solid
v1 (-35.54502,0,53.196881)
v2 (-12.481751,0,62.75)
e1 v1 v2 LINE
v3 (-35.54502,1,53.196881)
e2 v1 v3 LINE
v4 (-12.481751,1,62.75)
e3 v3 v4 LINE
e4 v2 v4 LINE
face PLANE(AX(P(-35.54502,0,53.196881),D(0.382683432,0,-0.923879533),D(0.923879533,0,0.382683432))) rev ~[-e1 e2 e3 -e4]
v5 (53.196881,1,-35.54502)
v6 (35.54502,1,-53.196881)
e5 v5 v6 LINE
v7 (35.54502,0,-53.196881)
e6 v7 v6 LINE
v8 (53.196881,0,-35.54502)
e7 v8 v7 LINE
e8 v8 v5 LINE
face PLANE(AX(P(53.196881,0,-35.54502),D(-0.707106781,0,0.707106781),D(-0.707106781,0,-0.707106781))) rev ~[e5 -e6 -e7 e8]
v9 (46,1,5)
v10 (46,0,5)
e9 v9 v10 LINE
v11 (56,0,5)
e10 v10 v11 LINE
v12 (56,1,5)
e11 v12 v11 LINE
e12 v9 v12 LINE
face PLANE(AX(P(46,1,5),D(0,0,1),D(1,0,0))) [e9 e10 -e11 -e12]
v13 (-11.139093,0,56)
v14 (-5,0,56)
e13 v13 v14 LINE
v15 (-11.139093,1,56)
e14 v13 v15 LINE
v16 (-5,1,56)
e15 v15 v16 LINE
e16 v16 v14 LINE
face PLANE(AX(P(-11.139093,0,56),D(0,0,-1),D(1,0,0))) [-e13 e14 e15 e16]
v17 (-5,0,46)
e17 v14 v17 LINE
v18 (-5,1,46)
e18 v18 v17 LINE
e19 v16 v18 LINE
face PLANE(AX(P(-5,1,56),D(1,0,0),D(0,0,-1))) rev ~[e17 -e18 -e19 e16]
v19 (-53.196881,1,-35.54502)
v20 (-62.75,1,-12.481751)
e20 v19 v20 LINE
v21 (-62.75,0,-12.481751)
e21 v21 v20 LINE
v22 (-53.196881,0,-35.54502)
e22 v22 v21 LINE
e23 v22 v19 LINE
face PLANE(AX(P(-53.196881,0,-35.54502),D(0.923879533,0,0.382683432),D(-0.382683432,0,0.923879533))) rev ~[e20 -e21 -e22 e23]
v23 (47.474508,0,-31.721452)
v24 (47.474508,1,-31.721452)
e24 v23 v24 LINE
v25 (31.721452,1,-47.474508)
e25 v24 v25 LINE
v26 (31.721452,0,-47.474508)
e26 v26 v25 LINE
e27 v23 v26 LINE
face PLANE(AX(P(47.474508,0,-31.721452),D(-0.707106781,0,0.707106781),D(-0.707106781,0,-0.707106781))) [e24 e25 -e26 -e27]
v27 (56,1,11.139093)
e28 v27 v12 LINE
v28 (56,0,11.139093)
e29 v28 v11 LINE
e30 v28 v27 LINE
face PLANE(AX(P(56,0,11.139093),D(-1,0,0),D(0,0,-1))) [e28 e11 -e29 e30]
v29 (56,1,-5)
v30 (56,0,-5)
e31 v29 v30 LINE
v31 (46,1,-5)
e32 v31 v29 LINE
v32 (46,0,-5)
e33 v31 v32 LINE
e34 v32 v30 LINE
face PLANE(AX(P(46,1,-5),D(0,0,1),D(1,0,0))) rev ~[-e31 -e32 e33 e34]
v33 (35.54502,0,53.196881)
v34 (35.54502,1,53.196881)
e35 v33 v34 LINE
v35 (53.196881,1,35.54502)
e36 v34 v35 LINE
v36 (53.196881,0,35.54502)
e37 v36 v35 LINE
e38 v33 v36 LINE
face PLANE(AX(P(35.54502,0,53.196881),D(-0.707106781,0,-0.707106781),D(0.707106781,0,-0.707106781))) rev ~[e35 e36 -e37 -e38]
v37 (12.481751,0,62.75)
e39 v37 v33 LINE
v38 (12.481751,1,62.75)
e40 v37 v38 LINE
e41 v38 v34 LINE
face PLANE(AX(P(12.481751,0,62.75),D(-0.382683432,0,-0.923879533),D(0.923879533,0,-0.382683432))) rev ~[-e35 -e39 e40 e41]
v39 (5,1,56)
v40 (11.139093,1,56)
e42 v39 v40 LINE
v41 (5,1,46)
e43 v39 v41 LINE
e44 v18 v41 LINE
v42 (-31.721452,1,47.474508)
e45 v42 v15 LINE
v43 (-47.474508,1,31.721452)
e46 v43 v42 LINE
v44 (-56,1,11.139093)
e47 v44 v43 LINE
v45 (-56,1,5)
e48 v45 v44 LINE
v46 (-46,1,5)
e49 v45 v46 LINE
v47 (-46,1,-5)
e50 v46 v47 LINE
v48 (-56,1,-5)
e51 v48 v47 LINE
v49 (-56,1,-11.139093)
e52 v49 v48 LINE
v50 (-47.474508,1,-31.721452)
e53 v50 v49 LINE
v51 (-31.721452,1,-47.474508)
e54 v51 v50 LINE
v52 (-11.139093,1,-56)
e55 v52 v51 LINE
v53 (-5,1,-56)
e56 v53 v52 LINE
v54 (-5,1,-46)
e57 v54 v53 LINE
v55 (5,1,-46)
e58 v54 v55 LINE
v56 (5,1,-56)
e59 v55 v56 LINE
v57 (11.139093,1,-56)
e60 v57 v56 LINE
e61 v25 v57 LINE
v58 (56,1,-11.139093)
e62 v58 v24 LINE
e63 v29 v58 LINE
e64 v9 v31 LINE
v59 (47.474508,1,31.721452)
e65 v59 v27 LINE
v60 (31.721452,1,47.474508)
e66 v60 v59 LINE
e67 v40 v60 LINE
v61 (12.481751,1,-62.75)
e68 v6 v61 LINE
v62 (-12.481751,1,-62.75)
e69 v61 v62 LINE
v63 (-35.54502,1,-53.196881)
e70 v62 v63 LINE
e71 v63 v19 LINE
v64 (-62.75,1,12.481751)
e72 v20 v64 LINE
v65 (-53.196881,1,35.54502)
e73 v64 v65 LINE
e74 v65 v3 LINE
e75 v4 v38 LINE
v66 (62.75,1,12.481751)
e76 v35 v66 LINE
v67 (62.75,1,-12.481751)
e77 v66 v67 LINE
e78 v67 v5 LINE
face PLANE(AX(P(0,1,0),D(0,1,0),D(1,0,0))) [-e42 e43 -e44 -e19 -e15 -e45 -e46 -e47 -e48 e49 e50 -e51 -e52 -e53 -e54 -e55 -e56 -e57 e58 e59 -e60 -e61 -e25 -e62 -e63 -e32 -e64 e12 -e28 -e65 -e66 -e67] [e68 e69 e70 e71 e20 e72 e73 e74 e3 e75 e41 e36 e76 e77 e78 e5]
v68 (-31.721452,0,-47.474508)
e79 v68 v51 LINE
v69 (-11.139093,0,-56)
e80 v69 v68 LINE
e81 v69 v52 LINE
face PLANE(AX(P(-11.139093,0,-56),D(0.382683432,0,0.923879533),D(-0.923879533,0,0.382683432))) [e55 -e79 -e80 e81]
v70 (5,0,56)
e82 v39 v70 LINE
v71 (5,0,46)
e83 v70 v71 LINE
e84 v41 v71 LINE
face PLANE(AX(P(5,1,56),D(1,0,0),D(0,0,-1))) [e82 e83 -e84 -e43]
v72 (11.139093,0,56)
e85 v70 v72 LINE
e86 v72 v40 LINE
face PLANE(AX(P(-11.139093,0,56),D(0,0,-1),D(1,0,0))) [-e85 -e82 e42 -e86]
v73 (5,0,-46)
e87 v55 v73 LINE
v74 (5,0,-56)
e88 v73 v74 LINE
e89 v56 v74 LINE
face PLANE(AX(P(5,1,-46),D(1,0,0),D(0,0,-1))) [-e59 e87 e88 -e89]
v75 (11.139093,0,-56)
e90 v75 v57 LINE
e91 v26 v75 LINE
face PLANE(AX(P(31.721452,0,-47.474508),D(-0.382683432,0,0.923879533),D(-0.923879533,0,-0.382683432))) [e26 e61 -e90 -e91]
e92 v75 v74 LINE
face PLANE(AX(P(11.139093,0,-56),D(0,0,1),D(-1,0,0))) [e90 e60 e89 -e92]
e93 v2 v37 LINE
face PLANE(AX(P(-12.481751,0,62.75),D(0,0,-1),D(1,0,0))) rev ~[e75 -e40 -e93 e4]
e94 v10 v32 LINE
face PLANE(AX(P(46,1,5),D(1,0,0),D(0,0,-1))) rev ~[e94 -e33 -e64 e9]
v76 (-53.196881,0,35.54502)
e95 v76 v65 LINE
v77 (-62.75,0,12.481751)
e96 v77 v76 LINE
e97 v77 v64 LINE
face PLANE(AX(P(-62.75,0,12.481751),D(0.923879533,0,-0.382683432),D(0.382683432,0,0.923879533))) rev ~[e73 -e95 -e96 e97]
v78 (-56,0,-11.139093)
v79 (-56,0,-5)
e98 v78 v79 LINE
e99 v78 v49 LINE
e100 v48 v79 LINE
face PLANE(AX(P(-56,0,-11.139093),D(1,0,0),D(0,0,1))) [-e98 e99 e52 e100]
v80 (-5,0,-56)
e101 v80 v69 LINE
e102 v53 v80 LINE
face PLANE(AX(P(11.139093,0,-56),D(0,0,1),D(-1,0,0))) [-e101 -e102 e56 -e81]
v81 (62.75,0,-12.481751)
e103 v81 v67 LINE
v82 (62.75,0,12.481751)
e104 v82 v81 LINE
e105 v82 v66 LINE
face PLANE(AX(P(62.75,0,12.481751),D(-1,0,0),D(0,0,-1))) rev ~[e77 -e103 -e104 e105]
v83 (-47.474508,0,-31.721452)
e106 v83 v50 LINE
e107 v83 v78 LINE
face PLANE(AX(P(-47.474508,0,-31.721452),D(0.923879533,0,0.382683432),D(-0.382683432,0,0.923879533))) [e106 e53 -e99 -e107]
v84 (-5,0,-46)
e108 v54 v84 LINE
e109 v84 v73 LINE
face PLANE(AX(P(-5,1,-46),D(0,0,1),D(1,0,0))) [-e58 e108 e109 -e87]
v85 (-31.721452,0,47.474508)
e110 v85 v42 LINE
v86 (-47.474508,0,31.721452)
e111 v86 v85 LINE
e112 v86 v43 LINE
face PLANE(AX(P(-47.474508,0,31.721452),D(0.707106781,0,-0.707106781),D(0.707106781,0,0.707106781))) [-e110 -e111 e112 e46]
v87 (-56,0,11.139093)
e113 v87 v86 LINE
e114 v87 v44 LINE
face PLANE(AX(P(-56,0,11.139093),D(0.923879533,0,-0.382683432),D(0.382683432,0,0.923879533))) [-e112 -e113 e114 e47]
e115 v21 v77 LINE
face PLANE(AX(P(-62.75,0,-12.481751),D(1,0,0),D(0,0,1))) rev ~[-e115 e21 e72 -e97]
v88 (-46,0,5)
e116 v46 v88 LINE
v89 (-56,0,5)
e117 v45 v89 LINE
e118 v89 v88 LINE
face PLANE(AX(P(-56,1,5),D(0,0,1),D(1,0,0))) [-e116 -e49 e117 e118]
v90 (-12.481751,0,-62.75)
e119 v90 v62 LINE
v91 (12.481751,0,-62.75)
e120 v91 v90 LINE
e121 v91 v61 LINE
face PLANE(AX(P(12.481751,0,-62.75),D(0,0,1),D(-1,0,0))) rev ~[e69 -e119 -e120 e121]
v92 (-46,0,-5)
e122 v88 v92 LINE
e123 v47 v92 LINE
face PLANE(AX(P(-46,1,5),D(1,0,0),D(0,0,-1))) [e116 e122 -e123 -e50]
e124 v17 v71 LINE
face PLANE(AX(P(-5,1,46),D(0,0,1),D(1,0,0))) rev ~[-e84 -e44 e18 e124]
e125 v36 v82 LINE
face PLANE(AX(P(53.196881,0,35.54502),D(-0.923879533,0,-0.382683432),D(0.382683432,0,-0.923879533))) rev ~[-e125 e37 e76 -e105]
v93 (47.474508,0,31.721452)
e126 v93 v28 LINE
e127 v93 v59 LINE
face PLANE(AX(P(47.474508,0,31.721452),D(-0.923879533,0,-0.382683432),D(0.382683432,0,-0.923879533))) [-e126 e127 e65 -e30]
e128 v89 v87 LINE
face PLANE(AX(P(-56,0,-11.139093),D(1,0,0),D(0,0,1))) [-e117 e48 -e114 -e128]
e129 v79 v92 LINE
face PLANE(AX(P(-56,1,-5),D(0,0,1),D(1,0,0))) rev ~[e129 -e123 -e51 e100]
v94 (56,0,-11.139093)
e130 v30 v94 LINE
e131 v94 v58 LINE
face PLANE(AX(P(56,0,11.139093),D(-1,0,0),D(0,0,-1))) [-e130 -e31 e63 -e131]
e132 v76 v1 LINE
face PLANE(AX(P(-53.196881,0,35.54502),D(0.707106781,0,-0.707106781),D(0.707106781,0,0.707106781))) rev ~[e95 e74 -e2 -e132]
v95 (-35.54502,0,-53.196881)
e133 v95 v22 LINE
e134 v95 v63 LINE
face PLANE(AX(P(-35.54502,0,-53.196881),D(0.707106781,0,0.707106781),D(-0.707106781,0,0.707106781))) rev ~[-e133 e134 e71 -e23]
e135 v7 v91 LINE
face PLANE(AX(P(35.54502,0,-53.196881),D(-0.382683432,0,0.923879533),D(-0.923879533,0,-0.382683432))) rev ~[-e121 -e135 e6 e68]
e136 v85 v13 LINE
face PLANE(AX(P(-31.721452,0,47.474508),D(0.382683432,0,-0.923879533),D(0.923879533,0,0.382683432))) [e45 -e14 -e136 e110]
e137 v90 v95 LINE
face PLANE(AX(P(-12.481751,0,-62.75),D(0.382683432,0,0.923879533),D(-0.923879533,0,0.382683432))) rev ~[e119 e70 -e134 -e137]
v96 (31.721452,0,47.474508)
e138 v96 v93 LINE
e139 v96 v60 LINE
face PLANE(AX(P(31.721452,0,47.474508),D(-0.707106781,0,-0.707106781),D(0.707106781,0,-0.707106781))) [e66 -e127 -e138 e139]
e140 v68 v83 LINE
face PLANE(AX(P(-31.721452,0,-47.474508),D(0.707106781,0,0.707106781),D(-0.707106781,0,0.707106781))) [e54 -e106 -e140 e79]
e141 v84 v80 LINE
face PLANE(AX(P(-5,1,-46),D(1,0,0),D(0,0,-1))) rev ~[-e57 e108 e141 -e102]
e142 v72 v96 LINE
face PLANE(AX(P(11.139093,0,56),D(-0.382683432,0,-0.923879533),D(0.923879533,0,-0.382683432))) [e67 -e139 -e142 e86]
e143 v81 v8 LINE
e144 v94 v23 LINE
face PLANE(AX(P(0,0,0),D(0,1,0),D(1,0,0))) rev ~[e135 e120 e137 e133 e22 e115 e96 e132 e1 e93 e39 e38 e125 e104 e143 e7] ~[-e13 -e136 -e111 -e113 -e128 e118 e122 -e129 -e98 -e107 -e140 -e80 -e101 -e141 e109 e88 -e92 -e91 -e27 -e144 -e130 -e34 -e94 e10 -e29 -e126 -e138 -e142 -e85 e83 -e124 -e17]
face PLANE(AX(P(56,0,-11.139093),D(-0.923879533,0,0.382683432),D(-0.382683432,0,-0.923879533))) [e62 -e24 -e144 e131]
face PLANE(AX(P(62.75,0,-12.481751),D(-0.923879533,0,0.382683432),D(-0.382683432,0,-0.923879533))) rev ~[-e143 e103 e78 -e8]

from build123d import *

# Parameters (mm, degrees)
BOSS_EXTRUDE1_DEPTH = 1
SKETCH2_W           = 10
SKETCH2_H           = 10
BOSS_EXTRUDE2_DEPTH = 1


with BuildPart() as part:
    # Sketch1 → Boss-Extrude1 (new body)
    with BuildSketch(Plane(origin=(0, 0, 0), x_dir=(1, 0, 0), z_dir=(0, 1, 0))):
        Polygon((62.75, -12.481751053), (62.75, 12.481751053), (53.19688133, 35.545019709), (35.545019709, 53.19688133), (12.481751053, 62.75), (-12.481751053, 62.75), (-35.545019709, 53.19688133), (-53.19688133, 35.545019709), (-62.75, 12.481751053), (-62.75, -12.481751053), (-53.19688133, -35.545019709), (-35.545019709, -53.19688133), (-12.481751053, -62.75), (12.481751053, -62.75), (35.545019709, -53.19688133), (53.19688133, -35.545019709), align=None)
        Polygon((56, -11.139092573), (56, 11.139092573), (47.474507641, 31.721451852), (31.721451852, 47.474507641), (11.139092573, 56), (-11.139092573, 56), (-31.721451852, 47.474507641), (-47.474507641, 31.721451852), (-56, 11.139092573), (-56, -11.139092573), (-47.474507641, -31.721451852), (-31.721451852, -47.474507641), (-11.139092573, -56), (11.139092573, -56), (31.721451852, -47.474507641), (47.474507641, -31.721451852), align=None, mode=Mode.SUBTRACT)
    extrude(amount=BOSS_EXTRUDE1_DEPTH)

    # Sketch2 → Boss-Extrude2 (add)
    with BuildSketch(Plane(origin=(0, 1, 0), x_dir=(1, 0, 0), z_dir=(0, 1, 0))):
        with Locations((0, -51)):
            Rectangle(SKETCH2_W, SKETCH2_H)
        with Locations((-51, 0)):
            Rectangle(SKETCH2_W, SKETCH2_H)
        with Locations((0, 51)):
            Rectangle(SKETCH2_W, SKETCH2_H)
        with Locations((51, 0)):
            Rectangle(SKETCH2_W, SKETCH2_H)
    extrude(amount=-BOSS_EXTRUDE2_DEPTH)


solid = part.part
